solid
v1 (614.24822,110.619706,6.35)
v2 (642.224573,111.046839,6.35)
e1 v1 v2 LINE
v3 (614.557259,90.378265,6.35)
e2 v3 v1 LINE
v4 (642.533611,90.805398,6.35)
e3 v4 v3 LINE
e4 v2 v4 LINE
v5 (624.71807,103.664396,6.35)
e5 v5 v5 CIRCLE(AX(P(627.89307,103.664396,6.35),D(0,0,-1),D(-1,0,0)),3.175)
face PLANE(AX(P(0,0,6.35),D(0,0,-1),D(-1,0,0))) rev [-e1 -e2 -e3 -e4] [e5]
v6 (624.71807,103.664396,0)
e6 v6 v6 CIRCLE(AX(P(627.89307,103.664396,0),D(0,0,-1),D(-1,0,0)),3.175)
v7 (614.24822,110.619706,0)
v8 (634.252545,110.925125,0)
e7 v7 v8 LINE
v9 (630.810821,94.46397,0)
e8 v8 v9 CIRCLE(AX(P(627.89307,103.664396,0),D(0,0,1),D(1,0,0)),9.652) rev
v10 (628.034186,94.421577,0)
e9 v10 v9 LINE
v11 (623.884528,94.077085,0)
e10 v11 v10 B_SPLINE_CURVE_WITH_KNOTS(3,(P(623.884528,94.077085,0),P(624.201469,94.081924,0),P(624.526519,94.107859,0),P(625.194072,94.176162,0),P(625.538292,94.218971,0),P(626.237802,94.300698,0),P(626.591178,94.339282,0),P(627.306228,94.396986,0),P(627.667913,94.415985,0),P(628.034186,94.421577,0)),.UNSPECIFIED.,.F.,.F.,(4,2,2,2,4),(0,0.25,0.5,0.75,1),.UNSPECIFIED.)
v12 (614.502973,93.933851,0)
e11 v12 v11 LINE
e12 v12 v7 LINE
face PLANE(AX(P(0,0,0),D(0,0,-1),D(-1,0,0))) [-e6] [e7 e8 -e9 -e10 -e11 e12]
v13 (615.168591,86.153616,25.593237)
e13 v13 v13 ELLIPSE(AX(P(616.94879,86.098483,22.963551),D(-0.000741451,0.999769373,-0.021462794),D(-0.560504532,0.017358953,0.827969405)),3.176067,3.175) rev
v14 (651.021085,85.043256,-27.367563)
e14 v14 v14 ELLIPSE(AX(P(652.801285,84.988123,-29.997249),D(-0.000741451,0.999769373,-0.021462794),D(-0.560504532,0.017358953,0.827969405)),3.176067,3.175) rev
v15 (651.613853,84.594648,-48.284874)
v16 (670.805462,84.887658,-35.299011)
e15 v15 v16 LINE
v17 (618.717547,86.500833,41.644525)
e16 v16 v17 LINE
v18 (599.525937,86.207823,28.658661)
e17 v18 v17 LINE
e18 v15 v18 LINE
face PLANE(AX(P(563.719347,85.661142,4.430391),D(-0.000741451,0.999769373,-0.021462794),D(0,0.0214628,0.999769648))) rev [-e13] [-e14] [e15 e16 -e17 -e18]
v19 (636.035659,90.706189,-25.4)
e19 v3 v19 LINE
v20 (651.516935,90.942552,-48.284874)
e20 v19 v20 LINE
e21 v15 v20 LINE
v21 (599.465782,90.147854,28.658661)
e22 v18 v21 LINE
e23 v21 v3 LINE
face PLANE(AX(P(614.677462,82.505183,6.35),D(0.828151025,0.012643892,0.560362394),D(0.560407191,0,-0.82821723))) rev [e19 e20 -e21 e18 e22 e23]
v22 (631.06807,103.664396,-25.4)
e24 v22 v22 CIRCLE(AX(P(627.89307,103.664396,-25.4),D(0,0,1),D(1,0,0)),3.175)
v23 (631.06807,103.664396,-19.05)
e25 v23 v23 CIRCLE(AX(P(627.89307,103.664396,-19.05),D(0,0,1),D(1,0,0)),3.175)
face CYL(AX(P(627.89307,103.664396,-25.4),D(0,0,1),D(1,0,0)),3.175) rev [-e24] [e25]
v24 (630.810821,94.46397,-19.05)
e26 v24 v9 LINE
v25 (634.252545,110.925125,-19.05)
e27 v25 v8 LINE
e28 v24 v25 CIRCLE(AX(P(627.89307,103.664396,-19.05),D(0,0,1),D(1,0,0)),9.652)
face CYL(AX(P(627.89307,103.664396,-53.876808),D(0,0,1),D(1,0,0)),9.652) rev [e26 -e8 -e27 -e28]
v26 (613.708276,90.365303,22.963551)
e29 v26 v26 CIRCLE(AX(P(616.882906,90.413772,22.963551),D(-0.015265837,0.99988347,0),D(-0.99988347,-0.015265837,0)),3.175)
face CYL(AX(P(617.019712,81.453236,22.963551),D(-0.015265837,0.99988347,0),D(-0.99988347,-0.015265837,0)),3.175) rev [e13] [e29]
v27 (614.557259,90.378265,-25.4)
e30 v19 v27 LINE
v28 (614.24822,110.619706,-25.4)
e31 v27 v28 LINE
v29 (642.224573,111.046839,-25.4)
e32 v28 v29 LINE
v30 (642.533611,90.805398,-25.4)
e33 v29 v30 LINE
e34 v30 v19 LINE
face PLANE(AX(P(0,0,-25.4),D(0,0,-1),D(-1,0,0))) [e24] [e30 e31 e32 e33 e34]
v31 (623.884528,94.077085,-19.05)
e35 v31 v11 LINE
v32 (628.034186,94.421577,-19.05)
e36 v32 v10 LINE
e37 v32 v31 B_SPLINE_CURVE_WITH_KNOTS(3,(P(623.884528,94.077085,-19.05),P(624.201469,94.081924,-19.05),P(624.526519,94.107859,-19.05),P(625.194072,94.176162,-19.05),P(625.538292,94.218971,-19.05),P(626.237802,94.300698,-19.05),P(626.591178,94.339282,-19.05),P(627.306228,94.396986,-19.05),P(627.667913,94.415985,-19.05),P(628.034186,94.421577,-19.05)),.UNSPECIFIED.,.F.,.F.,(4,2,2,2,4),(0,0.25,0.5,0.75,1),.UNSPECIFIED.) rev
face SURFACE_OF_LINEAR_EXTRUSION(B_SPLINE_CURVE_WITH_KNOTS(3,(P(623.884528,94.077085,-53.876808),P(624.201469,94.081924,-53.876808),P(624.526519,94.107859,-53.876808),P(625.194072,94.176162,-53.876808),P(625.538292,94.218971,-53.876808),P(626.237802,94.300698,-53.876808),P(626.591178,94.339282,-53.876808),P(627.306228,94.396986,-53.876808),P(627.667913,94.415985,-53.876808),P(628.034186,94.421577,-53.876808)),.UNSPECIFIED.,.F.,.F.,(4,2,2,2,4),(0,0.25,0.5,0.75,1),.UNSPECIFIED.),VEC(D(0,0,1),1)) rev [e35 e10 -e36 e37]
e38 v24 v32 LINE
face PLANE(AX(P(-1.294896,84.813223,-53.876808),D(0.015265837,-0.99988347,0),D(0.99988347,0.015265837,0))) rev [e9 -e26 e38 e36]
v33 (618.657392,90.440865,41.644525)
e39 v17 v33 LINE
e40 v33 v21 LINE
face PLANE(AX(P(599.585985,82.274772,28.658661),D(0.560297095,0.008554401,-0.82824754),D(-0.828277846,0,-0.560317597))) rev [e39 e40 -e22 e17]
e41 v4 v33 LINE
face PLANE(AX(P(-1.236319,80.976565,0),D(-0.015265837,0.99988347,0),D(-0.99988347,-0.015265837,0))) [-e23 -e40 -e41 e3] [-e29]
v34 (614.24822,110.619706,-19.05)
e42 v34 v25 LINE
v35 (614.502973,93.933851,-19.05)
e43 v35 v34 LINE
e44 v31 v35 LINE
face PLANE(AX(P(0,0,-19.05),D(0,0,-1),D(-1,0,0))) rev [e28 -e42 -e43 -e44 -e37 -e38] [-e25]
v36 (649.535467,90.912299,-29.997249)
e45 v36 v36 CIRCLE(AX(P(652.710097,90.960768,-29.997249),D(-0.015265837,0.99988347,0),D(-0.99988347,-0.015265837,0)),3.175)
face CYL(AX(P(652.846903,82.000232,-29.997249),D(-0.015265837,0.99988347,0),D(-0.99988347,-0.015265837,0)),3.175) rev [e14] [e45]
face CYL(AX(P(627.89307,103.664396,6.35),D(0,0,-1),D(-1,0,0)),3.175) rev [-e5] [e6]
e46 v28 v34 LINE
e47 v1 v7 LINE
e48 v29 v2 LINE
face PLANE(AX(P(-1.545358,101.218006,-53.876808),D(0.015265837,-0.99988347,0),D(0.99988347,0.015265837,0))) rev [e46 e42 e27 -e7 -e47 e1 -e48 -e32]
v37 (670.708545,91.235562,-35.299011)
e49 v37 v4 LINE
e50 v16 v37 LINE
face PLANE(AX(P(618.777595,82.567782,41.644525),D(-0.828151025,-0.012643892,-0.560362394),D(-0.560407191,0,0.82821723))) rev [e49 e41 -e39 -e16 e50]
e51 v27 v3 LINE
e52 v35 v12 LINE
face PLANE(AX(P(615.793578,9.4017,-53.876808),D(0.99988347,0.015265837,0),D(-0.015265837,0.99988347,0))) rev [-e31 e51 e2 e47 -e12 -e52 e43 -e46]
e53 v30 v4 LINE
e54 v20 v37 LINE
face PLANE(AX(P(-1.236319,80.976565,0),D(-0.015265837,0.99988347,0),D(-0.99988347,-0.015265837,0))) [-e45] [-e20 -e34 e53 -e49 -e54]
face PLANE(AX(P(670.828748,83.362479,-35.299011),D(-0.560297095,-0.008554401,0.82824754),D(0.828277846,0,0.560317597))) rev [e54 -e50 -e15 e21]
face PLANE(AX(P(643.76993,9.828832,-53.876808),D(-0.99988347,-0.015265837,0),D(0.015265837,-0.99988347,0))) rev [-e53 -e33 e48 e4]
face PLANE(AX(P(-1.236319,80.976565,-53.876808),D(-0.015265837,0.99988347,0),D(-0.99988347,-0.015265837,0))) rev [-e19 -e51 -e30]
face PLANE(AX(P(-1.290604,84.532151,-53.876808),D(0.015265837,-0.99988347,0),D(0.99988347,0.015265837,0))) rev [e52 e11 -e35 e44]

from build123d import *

# Parameters (mm, degrees)
BOSS_EXTRUDE2_DEPTH = 19.05
BOSS_EXTRUDE3_DEPTH = 6.35
BOSS_EXTRUDE4_DEPTH = 6.35
SKETCH5_R           = 3.175
CUT_EXTRUDE1_DEPTH  = 653.553447442
SKETCH6_R           = 3.175
CUT_EXTRUDE2_DEPTH  = 653.553447442
BOSS_EXTRUDE7_DEPTH = 7.874
SKETCH12_R          = 3.175
CUT_EXTRUDE4_DEPTH  = 675.468016292
BOSS_EXTRUDE8_DEPTH = 23.1648
CUT_EXTRUDE6_DEPTH  = 429.875020033


with BuildPart() as part:
    # Sketch1 → Boss-Extrude2 (new body)
    with BuildSketch(Plane.XY):
        with BuildLine():
            Line((642.224572561, 111.046838573), (634.252545404, 110.925124722))
            ThreePointArc((634.252545404, 110.925124722), (637.340775548, 101.689054702), (630.810820972, 94.46397006))
            Line((630.810820972, 94.46397006), (628.034186285, 94.421577467))
            add(Edge.make_bspline(
                [(623.884527878, 94.077084958), (624.201469176, 94.081923896), (624.52651862, 94.107859076), (625.194071811, 94.176161637), (625.538291649, 94.218971248), (626.23780183, 94.300697743), (626.591177817, 94.339281954), (627.30622807, 94.396985819), (627.667912536, 94.41598534), (628.034186285, 94.421577467)],
                knots=[0, 0, 0, 0, 0.25, 0.25, 0.5, 0.5, 0.75, 0.75, 1, 1, 1, 1], degree=3))
            Line((623.884527878, 94.077084958), (614.502973196, 93.933850981))
            Line((614.502973196, 93.933850981), (614.557258512, 90.378265361))
            Line((614.557258512, 90.378265361), (642.533611114, 90.805397577))
            Line((642.533611114, 90.805397577), (642.224572561, 111.046838573))
        make_face()
    extrude(amount=-BOSS_EXTRUDE2_DEPTH)

    # Sketch2 → Boss-Extrude3 (add)
    with BuildSketch(Plane.XY):
        Polygon((614.557258512, 90.378265361), (614.248219959, 110.619706357), (642.224572561, 111.046838573), (642.533611114, 90.805397577), align=None)
    extrude(amount=BOSS_EXTRUDE3_DEPTH)

    # Sketch4 → Boss-Extrude4 (add)
    with BuildSketch(Plane(origin=(0, 0, -19.05), x_dir=(-1, 0, 0), z_dir=(0, 0, -1))):
        Polygon((-614.557258512, 90.378265361), (-614.248219959, 110.619706357), (-642.224572561, 111.046838573), (-642.533611114, 90.805397577), align=None)
    extrude(amount=BOSS_EXTRUDE4_DEPTH)

    # Sketch5 → Cut-Extrude1 (cut, through all)
    with BuildSketch(Plane(origin=(0, 0, 0), x_dir=(-1, 0, 0), z_dir=(0, 0, -1))):
        with Locations((-627.893070479, 103.664395923)):
            Circle(SKETCH5_R)
    extrude(amount=-CUT_EXTRUDE1_DEPTH, mode=Mode.SUBTRACT)

    # Sketch6 → Cut-Extrude2 (cut, through all)
    with BuildSketch(Plane.XY.offset(-19.05)):
        with Locations(Location((627.893070479, 103.664395923, 0), (0, 0, 180))):
            Circle(SKETCH6_R)
    extrude(amount=-CUT_EXTRUDE2_DEPTH, mode=Mode.SUBTRACT)

    # Sketch11 → Boss-Extrude7 (add)
    with BuildSketch(Plane(origin=(-1.236319125, 80.976565327, 0), x_dir=(0.9998834703189056, 0.015265837121568253, 0), z_dir=(0.015265837121568255, -0.9998834703189057, 0))):
        Polygon((615.865344229, 6.35), (600.772109003, 28.658661472), (619.965955333, 41.644525188), (643.844957287, 6.35), (672.023174673, -35.299010508), (652.829328343, -48.284874224), align=None)
    extrude(amount=BOSS_EXTRUDE7_DEPTH)

    # Sketch12 → Cut-Extrude4 (cut, through all)
    with BuildSketch(Plane(origin=(-1.236319125, 80.976565327, 0), x_dir=(0.9998834703189056, 0.015265837121568083, 0), z_dir=(-0.015265837121568085, 0.9998834703189057, 0))):
        with Locations(Location((618.191262939, -22.963551046, 0), (0, 0, 180))):
            Circle(SKETCH12_R)
        with Locations(Location((654.022628802, 29.997248883, 0), (0, 0, 180))):
            Circle(SKETCH12_R)
    extrude(amount=-CUT_EXTRUDE4_DEPTH, mode=Mode.SUBTRACT)

    # Sketch13 → Boss-Extrude8 (add)
    with BuildSketch(Plane(origin=(444.569112267, 6.787510604, 300.814470562), x_dir=(0.5602970950459771, 0.008554401034284214, -0.8282475399939222), z_dir=(0.8281510245722196, 0.012643892041886809, 0.5603623938970352))):
        Polygon((312.913631323, 73.066855862), (405.705293775, 70.658703567), (405.812833532, 73.1120026), (312.913631323, 73.1120026), align=None)
    extrude(amount=-BOSS_EXTRUDE8_DEPTH)

    # Sketch14 → Cut-Extrude6 (cut, through all)
    with BuildSketch(Plane(origin=(444.569112267, 6.787510604, 300.814470562), x_dir=(0.5602970950459771, 0.008554401034284214, -0.8282475399939222), z_dir=(0.8281510245722196, 0.012643892041886809, 0.5603623938970352))):
        Polygon((312.913631323, 73.066855862), (312.913631323, 77.045511862), (405.812833532, 74.637359567), (405.705293775, 70.658703567), align=None)
    extrude(amount=-CUT_EXTRUDE6_DEPTH, mode=Mode.SUBTRACT)


with BuildPart() as body_2:
    # of the pieces the cut leaves, the one that is kept (cut_extrude6_keep)
    add(part.part.solids().sort_by_distance((634.252545404, 110.925124722, 0))[0])


solid = body_2.part
